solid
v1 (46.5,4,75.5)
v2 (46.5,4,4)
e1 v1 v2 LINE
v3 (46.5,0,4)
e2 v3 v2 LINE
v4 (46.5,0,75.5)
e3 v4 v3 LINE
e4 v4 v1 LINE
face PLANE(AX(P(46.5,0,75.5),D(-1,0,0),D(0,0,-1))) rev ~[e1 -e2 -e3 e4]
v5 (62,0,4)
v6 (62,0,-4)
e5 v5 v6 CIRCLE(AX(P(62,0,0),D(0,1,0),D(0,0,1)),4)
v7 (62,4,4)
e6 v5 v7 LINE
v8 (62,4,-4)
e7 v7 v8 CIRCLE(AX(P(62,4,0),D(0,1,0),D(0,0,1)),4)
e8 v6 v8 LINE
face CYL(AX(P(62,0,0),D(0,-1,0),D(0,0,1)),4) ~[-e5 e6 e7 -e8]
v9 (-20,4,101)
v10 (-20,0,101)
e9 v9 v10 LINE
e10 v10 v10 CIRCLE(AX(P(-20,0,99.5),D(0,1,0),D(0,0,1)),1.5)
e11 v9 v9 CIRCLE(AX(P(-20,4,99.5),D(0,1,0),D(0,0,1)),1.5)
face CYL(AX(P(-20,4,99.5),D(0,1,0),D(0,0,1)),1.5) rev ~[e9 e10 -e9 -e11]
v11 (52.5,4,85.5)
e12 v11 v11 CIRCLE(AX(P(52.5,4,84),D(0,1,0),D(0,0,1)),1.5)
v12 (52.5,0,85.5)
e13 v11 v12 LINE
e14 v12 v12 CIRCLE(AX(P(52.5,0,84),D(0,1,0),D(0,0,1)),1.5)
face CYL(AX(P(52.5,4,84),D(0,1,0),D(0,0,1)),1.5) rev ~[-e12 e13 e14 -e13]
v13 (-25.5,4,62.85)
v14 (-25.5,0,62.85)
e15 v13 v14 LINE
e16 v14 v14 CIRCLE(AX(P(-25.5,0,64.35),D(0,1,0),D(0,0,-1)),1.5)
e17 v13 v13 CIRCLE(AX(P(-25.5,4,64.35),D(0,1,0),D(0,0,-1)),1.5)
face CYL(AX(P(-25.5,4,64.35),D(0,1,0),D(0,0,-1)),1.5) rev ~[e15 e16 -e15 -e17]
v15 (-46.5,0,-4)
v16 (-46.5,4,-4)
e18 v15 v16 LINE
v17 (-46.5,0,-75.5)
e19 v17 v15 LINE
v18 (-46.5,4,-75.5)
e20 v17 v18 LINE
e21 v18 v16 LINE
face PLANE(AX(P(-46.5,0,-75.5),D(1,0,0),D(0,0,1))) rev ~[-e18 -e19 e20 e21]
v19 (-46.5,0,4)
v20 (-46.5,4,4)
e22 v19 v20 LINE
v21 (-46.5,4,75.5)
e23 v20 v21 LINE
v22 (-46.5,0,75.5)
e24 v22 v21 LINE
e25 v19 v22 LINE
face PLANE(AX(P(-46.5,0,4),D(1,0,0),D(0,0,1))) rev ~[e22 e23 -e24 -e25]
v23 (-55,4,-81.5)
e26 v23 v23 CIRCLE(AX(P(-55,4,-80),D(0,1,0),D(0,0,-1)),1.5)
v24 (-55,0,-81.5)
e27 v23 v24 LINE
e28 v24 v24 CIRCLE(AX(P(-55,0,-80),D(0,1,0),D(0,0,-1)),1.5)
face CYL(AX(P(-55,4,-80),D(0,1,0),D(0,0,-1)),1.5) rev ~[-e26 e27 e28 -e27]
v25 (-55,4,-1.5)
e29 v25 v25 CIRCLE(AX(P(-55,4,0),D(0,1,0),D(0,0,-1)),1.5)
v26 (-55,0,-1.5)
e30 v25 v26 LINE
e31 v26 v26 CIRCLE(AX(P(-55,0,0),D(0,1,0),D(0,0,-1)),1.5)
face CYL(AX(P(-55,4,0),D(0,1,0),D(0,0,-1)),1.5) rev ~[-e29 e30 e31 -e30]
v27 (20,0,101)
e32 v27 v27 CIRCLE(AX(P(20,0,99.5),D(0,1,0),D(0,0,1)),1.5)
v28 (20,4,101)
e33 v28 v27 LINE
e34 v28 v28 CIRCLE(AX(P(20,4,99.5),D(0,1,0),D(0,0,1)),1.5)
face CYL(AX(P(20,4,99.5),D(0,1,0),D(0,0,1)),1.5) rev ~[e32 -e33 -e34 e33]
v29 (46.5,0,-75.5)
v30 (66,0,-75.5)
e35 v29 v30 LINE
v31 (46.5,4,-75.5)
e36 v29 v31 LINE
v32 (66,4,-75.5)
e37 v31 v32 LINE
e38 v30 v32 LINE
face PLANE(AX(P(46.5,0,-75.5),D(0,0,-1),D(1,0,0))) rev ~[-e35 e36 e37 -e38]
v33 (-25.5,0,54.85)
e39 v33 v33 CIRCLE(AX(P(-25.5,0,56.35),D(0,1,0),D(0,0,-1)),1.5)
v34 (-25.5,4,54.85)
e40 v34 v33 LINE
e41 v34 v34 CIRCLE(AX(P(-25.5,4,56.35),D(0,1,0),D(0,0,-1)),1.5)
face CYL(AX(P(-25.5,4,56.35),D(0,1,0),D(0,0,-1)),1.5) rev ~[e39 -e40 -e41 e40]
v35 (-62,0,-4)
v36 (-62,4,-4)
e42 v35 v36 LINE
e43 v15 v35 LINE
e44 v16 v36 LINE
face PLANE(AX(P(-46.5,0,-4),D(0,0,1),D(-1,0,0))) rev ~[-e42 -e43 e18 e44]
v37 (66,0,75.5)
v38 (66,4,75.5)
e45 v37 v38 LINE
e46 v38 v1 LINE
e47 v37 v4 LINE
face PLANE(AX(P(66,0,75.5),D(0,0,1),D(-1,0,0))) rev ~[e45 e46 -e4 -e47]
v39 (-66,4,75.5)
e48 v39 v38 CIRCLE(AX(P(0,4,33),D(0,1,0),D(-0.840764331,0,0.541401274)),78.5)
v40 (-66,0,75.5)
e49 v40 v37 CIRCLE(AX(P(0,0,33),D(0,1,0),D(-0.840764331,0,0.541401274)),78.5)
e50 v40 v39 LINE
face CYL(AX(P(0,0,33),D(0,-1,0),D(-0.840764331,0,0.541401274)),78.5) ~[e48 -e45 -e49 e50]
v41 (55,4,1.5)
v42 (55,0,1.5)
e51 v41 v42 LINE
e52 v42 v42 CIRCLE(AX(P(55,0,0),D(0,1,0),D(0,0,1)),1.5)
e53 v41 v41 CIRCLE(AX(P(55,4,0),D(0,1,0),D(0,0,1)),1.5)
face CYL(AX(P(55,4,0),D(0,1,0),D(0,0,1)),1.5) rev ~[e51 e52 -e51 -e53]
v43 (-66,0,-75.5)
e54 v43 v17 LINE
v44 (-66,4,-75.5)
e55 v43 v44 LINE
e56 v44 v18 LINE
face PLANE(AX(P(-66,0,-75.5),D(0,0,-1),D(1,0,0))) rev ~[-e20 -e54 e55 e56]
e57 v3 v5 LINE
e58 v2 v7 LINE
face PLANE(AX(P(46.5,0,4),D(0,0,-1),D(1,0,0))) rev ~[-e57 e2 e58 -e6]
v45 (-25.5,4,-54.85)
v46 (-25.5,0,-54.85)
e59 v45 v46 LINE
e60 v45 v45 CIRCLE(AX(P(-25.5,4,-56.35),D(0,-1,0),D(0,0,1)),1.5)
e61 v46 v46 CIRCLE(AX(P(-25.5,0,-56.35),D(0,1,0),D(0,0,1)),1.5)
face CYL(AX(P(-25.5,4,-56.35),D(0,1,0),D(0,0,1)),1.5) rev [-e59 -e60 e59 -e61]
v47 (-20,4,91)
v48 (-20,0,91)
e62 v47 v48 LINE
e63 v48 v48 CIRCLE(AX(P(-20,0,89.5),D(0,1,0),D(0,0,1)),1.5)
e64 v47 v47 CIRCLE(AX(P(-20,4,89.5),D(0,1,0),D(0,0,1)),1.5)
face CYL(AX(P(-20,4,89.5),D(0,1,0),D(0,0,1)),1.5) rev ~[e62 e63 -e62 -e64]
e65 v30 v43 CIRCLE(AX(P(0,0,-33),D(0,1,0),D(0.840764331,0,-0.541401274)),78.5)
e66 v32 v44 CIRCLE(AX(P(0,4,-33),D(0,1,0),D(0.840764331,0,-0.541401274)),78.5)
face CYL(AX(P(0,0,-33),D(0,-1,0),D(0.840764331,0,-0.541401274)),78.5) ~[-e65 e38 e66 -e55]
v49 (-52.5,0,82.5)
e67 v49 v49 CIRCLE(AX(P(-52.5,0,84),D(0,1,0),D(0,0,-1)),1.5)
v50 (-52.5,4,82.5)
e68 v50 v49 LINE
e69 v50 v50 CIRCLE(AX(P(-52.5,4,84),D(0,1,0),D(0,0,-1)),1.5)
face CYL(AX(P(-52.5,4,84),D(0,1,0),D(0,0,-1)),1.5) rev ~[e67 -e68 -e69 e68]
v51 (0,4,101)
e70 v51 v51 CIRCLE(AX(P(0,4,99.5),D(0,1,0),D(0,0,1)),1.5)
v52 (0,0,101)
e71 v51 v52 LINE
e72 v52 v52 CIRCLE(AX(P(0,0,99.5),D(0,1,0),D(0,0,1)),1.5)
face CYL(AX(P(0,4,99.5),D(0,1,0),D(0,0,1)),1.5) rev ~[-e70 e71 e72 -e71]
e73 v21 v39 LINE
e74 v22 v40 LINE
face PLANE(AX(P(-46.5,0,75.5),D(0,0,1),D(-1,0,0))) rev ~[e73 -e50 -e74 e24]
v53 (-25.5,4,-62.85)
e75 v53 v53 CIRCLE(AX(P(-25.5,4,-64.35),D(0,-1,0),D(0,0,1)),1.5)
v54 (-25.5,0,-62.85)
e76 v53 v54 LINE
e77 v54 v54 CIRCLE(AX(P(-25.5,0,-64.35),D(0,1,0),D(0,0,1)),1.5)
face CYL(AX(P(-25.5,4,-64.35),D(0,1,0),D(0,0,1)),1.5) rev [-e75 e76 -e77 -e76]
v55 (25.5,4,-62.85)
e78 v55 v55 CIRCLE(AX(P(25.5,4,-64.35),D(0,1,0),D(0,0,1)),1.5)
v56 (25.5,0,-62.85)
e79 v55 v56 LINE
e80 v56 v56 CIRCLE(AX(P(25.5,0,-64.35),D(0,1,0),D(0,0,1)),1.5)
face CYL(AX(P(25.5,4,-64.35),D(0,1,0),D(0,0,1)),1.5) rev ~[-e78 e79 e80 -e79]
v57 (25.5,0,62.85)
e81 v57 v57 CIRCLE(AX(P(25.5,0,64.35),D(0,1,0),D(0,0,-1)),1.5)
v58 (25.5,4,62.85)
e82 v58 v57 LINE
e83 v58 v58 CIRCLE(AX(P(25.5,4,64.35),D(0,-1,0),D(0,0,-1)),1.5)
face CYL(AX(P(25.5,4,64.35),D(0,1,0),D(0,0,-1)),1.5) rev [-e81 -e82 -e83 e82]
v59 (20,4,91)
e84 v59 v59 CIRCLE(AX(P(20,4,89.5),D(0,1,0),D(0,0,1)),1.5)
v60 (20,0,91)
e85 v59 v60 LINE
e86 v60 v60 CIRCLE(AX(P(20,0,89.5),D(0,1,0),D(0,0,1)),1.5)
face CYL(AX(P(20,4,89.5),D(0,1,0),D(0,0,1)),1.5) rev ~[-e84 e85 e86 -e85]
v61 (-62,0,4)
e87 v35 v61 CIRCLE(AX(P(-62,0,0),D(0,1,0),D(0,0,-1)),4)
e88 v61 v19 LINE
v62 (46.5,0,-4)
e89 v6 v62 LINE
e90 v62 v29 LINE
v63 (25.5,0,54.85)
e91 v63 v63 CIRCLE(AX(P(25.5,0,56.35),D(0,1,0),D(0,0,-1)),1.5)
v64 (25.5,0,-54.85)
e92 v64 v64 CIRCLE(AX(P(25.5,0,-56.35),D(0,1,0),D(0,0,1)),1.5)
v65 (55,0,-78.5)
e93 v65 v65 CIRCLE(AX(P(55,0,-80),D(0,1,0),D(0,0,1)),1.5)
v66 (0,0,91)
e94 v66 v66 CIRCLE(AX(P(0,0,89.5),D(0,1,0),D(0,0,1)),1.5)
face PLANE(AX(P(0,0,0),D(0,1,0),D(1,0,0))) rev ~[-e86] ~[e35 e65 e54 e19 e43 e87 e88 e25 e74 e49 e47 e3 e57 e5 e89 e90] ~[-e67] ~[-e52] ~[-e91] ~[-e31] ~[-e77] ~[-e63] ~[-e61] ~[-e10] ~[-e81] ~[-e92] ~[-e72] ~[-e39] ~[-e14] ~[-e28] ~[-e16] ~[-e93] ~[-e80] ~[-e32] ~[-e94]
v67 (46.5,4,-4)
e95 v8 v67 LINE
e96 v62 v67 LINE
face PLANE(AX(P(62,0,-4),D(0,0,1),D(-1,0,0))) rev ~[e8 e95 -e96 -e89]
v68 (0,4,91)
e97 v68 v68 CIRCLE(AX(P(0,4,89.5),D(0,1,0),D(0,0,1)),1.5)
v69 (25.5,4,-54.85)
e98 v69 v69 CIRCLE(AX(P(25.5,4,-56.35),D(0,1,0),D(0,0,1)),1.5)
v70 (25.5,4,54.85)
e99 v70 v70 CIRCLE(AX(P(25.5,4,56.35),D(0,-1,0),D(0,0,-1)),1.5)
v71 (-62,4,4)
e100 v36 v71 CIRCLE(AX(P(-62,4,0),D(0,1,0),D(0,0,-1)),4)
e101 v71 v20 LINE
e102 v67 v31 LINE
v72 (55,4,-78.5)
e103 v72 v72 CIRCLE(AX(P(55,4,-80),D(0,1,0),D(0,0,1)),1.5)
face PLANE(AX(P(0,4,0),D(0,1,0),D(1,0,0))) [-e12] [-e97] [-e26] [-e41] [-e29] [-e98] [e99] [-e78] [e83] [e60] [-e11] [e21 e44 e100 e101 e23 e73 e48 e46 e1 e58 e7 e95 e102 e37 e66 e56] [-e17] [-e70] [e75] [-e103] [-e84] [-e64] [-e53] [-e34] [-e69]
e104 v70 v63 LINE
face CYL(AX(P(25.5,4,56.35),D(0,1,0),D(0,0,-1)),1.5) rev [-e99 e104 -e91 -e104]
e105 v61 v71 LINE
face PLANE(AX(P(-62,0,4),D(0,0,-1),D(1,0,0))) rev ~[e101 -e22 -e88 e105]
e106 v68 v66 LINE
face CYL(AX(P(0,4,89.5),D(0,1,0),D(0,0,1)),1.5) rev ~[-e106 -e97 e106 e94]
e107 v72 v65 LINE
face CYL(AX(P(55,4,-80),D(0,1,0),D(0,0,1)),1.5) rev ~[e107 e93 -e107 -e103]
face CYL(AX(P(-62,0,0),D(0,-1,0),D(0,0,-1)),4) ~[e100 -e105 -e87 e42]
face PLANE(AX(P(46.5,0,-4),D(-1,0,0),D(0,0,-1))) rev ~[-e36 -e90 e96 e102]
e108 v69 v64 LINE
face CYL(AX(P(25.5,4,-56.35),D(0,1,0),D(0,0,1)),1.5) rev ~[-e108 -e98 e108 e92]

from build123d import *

# Parameters (mm, degrees)
PLATE_DEPTH             = 4
SKETCH2_R               = 1.5
PLATE_MOUNTINGS_DEPTH   = 130.631207662
SKETCH3_R               = 1.5
LIGHT_SENSOR_DEPTH      = 130.631207662
SKETCH4_R               = 1.5
CUT_EXTRUDE3_DEPTH      = 130.631207662
MIRROR2_COPY_1_SKETCH_R = 1.5
MIRROR2_COPY_1_DEPTH    = 130.631207662


with BuildPart() as part:
    # Sketch1 → Plate (new body)
    with BuildSketch(Plane(origin=(0, 0, 0), x_dir=(1, 0, 0), z_dir=(0, 1, 0))):
        with BuildLine():
            Line((62, 4), (46.5, 4))
            Line((46.5, 4), (46.5, 75.5))
            Line((46.5, 75.5), (66, 75.5))
            ThreePointArc((66, 75.5), (0, 111.5), (-66, 75.5))
            Line((-66, 75.5), (-46.5, 75.5))
            Line((-46.5, 75.5), (-46.5, 4))
            Line((-46.5, 4), (-62, 4))
            ThreePointArc((-62, 4), (-66, 0), (-62, -4))
            Line((-62, -4), (-46.5, -4))
            Line((-46.5, -4), (-46.5, -75.5))
            Line((-46.5, -75.5), (-66, -75.5))
            ThreePointArc((-66, -75.5), (0, -111.5), (66, -75.5))
            Line((66, -75.5), (46.5, -75.5))
            Line((46.5, -75.5), (46.5, -4))
            Line((46.5, -4), (62, -4))
            ThreePointArc((62, -4), (66, 0), (62, 4))
        make_face()
    extrude(amount=PLATE_DEPTH)

    # Sketch2 → Plate mountings (cut, through all)
    with BuildSketch(Plane(origin=(0, 4, 0), x_dir=(1, 0, 0), z_dir=(0, 1, 0))):
        with Locations(Location((55, 0, 0), (0, 0, 270))):
            Circle(SKETCH2_R)
        with Locations(Location((55, 80, 0), (0, 0, 270))):
            Circle(SKETCH2_R)
        with Locations(Location((-55, 0, 0), (0, 0, 90))):
            Circle(SKETCH2_R)
        with Locations(Location((-55, 80, 0), (0, 0, 90))):
            Circle(SKETCH2_R)
        with Locations(Location((52.5, -84, 0), (0, 0, 270))):
            Circle(SKETCH2_R)
        with Locations(Location((-52.5, -84, 0), (0, 0, 90))):
            Circle(SKETCH2_R)
    extrude(amount=-PLATE_MOUNTINGS_DEPTH, mode=Mode.SUBTRACT)

    # Sketch3 → Light sensor (cut, through all)
    with BuildSketch(Plane(origin=(0, 4, 0), x_dir=(1, 0, 0), z_dir=(0, 1, 0))):
        with Locations(Location((-20, -89.5, 0), (0, 0, 270))):
            Circle(SKETCH3_R)
        with Locations(Location((0, -89.5, 0), (0, 0, 270))):
            Circle(SKETCH3_R)
        with Locations(Location((20, -89.5, 0), (0, 0, 270))):
            Circle(SKETCH3_R)
        with Locations(Location((0, -99.5, 0), (0, 0, 270))):
            Circle(SKETCH3_R)
        with Locations(Location((20, -99.5, 0), (0, 0, 270))):
            Circle(SKETCH3_R)
        with Locations(Location((-20, -99.5, 0), (0, 0, 270))):
            Circle(SKETCH3_R)
    extrude(amount=-LIGHT_SENSOR_DEPTH, mode=Mode.SUBTRACT)

    # Sketch4 → Cut-Extrude3 (cut, through all)
    with BuildSketch(Plane(origin=(0, 4, 0), x_dir=(1, 0, 0), z_dir=(0, 1, 0))):
        with Locations(Location((25.5, 64.35, 0), (0, 0, 270))):
            Circle(SKETCH4_R)
        with Locations(Location((25.5, 56.35, 0), (0, 0, 270))):
            Circle(SKETCH4_R)
    cut_extrude3 = extrude(amount=-CUT_EXTRUDE3_DEPTH, mode=Mode.SUBTRACT)

    # Mirror1: Cut-Extrude3 across plane
    add(cut_extrude3.mirror(Plane(origin=(0, 0, 0), x_dir=(0, 0, 1), z_dir=(1, 0, 0))), mode=Mode.SUBTRACT)

    # Mirror2: Cut-Extrude3 across plane
    add(cut_extrude3.mirror(Plane.XY), mode=Mode.SUBTRACT)

    # Mirror2 copy 1 sketch → Mirror2 copy 1 (cut, through all)
    with BuildSketch(Plane(origin=(0, 4, 0), x_dir=(-1, 0, 0), z_dir=(0, 1, 0))):
        with Locations(Location((25.5, 64.35, 0), (0, 0, 270))):
            Circle(MIRROR2_COPY_1_SKETCH_R)
        with Locations(Location((25.5, 56.35, 0), (0, 0, 270))):
            Circle(MIRROR2_COPY_1_SKETCH_R)
    extrude(amount=-MIRROR2_COPY_1_DEPTH, mode=Mode.SUBTRACT)


solid = part.part
